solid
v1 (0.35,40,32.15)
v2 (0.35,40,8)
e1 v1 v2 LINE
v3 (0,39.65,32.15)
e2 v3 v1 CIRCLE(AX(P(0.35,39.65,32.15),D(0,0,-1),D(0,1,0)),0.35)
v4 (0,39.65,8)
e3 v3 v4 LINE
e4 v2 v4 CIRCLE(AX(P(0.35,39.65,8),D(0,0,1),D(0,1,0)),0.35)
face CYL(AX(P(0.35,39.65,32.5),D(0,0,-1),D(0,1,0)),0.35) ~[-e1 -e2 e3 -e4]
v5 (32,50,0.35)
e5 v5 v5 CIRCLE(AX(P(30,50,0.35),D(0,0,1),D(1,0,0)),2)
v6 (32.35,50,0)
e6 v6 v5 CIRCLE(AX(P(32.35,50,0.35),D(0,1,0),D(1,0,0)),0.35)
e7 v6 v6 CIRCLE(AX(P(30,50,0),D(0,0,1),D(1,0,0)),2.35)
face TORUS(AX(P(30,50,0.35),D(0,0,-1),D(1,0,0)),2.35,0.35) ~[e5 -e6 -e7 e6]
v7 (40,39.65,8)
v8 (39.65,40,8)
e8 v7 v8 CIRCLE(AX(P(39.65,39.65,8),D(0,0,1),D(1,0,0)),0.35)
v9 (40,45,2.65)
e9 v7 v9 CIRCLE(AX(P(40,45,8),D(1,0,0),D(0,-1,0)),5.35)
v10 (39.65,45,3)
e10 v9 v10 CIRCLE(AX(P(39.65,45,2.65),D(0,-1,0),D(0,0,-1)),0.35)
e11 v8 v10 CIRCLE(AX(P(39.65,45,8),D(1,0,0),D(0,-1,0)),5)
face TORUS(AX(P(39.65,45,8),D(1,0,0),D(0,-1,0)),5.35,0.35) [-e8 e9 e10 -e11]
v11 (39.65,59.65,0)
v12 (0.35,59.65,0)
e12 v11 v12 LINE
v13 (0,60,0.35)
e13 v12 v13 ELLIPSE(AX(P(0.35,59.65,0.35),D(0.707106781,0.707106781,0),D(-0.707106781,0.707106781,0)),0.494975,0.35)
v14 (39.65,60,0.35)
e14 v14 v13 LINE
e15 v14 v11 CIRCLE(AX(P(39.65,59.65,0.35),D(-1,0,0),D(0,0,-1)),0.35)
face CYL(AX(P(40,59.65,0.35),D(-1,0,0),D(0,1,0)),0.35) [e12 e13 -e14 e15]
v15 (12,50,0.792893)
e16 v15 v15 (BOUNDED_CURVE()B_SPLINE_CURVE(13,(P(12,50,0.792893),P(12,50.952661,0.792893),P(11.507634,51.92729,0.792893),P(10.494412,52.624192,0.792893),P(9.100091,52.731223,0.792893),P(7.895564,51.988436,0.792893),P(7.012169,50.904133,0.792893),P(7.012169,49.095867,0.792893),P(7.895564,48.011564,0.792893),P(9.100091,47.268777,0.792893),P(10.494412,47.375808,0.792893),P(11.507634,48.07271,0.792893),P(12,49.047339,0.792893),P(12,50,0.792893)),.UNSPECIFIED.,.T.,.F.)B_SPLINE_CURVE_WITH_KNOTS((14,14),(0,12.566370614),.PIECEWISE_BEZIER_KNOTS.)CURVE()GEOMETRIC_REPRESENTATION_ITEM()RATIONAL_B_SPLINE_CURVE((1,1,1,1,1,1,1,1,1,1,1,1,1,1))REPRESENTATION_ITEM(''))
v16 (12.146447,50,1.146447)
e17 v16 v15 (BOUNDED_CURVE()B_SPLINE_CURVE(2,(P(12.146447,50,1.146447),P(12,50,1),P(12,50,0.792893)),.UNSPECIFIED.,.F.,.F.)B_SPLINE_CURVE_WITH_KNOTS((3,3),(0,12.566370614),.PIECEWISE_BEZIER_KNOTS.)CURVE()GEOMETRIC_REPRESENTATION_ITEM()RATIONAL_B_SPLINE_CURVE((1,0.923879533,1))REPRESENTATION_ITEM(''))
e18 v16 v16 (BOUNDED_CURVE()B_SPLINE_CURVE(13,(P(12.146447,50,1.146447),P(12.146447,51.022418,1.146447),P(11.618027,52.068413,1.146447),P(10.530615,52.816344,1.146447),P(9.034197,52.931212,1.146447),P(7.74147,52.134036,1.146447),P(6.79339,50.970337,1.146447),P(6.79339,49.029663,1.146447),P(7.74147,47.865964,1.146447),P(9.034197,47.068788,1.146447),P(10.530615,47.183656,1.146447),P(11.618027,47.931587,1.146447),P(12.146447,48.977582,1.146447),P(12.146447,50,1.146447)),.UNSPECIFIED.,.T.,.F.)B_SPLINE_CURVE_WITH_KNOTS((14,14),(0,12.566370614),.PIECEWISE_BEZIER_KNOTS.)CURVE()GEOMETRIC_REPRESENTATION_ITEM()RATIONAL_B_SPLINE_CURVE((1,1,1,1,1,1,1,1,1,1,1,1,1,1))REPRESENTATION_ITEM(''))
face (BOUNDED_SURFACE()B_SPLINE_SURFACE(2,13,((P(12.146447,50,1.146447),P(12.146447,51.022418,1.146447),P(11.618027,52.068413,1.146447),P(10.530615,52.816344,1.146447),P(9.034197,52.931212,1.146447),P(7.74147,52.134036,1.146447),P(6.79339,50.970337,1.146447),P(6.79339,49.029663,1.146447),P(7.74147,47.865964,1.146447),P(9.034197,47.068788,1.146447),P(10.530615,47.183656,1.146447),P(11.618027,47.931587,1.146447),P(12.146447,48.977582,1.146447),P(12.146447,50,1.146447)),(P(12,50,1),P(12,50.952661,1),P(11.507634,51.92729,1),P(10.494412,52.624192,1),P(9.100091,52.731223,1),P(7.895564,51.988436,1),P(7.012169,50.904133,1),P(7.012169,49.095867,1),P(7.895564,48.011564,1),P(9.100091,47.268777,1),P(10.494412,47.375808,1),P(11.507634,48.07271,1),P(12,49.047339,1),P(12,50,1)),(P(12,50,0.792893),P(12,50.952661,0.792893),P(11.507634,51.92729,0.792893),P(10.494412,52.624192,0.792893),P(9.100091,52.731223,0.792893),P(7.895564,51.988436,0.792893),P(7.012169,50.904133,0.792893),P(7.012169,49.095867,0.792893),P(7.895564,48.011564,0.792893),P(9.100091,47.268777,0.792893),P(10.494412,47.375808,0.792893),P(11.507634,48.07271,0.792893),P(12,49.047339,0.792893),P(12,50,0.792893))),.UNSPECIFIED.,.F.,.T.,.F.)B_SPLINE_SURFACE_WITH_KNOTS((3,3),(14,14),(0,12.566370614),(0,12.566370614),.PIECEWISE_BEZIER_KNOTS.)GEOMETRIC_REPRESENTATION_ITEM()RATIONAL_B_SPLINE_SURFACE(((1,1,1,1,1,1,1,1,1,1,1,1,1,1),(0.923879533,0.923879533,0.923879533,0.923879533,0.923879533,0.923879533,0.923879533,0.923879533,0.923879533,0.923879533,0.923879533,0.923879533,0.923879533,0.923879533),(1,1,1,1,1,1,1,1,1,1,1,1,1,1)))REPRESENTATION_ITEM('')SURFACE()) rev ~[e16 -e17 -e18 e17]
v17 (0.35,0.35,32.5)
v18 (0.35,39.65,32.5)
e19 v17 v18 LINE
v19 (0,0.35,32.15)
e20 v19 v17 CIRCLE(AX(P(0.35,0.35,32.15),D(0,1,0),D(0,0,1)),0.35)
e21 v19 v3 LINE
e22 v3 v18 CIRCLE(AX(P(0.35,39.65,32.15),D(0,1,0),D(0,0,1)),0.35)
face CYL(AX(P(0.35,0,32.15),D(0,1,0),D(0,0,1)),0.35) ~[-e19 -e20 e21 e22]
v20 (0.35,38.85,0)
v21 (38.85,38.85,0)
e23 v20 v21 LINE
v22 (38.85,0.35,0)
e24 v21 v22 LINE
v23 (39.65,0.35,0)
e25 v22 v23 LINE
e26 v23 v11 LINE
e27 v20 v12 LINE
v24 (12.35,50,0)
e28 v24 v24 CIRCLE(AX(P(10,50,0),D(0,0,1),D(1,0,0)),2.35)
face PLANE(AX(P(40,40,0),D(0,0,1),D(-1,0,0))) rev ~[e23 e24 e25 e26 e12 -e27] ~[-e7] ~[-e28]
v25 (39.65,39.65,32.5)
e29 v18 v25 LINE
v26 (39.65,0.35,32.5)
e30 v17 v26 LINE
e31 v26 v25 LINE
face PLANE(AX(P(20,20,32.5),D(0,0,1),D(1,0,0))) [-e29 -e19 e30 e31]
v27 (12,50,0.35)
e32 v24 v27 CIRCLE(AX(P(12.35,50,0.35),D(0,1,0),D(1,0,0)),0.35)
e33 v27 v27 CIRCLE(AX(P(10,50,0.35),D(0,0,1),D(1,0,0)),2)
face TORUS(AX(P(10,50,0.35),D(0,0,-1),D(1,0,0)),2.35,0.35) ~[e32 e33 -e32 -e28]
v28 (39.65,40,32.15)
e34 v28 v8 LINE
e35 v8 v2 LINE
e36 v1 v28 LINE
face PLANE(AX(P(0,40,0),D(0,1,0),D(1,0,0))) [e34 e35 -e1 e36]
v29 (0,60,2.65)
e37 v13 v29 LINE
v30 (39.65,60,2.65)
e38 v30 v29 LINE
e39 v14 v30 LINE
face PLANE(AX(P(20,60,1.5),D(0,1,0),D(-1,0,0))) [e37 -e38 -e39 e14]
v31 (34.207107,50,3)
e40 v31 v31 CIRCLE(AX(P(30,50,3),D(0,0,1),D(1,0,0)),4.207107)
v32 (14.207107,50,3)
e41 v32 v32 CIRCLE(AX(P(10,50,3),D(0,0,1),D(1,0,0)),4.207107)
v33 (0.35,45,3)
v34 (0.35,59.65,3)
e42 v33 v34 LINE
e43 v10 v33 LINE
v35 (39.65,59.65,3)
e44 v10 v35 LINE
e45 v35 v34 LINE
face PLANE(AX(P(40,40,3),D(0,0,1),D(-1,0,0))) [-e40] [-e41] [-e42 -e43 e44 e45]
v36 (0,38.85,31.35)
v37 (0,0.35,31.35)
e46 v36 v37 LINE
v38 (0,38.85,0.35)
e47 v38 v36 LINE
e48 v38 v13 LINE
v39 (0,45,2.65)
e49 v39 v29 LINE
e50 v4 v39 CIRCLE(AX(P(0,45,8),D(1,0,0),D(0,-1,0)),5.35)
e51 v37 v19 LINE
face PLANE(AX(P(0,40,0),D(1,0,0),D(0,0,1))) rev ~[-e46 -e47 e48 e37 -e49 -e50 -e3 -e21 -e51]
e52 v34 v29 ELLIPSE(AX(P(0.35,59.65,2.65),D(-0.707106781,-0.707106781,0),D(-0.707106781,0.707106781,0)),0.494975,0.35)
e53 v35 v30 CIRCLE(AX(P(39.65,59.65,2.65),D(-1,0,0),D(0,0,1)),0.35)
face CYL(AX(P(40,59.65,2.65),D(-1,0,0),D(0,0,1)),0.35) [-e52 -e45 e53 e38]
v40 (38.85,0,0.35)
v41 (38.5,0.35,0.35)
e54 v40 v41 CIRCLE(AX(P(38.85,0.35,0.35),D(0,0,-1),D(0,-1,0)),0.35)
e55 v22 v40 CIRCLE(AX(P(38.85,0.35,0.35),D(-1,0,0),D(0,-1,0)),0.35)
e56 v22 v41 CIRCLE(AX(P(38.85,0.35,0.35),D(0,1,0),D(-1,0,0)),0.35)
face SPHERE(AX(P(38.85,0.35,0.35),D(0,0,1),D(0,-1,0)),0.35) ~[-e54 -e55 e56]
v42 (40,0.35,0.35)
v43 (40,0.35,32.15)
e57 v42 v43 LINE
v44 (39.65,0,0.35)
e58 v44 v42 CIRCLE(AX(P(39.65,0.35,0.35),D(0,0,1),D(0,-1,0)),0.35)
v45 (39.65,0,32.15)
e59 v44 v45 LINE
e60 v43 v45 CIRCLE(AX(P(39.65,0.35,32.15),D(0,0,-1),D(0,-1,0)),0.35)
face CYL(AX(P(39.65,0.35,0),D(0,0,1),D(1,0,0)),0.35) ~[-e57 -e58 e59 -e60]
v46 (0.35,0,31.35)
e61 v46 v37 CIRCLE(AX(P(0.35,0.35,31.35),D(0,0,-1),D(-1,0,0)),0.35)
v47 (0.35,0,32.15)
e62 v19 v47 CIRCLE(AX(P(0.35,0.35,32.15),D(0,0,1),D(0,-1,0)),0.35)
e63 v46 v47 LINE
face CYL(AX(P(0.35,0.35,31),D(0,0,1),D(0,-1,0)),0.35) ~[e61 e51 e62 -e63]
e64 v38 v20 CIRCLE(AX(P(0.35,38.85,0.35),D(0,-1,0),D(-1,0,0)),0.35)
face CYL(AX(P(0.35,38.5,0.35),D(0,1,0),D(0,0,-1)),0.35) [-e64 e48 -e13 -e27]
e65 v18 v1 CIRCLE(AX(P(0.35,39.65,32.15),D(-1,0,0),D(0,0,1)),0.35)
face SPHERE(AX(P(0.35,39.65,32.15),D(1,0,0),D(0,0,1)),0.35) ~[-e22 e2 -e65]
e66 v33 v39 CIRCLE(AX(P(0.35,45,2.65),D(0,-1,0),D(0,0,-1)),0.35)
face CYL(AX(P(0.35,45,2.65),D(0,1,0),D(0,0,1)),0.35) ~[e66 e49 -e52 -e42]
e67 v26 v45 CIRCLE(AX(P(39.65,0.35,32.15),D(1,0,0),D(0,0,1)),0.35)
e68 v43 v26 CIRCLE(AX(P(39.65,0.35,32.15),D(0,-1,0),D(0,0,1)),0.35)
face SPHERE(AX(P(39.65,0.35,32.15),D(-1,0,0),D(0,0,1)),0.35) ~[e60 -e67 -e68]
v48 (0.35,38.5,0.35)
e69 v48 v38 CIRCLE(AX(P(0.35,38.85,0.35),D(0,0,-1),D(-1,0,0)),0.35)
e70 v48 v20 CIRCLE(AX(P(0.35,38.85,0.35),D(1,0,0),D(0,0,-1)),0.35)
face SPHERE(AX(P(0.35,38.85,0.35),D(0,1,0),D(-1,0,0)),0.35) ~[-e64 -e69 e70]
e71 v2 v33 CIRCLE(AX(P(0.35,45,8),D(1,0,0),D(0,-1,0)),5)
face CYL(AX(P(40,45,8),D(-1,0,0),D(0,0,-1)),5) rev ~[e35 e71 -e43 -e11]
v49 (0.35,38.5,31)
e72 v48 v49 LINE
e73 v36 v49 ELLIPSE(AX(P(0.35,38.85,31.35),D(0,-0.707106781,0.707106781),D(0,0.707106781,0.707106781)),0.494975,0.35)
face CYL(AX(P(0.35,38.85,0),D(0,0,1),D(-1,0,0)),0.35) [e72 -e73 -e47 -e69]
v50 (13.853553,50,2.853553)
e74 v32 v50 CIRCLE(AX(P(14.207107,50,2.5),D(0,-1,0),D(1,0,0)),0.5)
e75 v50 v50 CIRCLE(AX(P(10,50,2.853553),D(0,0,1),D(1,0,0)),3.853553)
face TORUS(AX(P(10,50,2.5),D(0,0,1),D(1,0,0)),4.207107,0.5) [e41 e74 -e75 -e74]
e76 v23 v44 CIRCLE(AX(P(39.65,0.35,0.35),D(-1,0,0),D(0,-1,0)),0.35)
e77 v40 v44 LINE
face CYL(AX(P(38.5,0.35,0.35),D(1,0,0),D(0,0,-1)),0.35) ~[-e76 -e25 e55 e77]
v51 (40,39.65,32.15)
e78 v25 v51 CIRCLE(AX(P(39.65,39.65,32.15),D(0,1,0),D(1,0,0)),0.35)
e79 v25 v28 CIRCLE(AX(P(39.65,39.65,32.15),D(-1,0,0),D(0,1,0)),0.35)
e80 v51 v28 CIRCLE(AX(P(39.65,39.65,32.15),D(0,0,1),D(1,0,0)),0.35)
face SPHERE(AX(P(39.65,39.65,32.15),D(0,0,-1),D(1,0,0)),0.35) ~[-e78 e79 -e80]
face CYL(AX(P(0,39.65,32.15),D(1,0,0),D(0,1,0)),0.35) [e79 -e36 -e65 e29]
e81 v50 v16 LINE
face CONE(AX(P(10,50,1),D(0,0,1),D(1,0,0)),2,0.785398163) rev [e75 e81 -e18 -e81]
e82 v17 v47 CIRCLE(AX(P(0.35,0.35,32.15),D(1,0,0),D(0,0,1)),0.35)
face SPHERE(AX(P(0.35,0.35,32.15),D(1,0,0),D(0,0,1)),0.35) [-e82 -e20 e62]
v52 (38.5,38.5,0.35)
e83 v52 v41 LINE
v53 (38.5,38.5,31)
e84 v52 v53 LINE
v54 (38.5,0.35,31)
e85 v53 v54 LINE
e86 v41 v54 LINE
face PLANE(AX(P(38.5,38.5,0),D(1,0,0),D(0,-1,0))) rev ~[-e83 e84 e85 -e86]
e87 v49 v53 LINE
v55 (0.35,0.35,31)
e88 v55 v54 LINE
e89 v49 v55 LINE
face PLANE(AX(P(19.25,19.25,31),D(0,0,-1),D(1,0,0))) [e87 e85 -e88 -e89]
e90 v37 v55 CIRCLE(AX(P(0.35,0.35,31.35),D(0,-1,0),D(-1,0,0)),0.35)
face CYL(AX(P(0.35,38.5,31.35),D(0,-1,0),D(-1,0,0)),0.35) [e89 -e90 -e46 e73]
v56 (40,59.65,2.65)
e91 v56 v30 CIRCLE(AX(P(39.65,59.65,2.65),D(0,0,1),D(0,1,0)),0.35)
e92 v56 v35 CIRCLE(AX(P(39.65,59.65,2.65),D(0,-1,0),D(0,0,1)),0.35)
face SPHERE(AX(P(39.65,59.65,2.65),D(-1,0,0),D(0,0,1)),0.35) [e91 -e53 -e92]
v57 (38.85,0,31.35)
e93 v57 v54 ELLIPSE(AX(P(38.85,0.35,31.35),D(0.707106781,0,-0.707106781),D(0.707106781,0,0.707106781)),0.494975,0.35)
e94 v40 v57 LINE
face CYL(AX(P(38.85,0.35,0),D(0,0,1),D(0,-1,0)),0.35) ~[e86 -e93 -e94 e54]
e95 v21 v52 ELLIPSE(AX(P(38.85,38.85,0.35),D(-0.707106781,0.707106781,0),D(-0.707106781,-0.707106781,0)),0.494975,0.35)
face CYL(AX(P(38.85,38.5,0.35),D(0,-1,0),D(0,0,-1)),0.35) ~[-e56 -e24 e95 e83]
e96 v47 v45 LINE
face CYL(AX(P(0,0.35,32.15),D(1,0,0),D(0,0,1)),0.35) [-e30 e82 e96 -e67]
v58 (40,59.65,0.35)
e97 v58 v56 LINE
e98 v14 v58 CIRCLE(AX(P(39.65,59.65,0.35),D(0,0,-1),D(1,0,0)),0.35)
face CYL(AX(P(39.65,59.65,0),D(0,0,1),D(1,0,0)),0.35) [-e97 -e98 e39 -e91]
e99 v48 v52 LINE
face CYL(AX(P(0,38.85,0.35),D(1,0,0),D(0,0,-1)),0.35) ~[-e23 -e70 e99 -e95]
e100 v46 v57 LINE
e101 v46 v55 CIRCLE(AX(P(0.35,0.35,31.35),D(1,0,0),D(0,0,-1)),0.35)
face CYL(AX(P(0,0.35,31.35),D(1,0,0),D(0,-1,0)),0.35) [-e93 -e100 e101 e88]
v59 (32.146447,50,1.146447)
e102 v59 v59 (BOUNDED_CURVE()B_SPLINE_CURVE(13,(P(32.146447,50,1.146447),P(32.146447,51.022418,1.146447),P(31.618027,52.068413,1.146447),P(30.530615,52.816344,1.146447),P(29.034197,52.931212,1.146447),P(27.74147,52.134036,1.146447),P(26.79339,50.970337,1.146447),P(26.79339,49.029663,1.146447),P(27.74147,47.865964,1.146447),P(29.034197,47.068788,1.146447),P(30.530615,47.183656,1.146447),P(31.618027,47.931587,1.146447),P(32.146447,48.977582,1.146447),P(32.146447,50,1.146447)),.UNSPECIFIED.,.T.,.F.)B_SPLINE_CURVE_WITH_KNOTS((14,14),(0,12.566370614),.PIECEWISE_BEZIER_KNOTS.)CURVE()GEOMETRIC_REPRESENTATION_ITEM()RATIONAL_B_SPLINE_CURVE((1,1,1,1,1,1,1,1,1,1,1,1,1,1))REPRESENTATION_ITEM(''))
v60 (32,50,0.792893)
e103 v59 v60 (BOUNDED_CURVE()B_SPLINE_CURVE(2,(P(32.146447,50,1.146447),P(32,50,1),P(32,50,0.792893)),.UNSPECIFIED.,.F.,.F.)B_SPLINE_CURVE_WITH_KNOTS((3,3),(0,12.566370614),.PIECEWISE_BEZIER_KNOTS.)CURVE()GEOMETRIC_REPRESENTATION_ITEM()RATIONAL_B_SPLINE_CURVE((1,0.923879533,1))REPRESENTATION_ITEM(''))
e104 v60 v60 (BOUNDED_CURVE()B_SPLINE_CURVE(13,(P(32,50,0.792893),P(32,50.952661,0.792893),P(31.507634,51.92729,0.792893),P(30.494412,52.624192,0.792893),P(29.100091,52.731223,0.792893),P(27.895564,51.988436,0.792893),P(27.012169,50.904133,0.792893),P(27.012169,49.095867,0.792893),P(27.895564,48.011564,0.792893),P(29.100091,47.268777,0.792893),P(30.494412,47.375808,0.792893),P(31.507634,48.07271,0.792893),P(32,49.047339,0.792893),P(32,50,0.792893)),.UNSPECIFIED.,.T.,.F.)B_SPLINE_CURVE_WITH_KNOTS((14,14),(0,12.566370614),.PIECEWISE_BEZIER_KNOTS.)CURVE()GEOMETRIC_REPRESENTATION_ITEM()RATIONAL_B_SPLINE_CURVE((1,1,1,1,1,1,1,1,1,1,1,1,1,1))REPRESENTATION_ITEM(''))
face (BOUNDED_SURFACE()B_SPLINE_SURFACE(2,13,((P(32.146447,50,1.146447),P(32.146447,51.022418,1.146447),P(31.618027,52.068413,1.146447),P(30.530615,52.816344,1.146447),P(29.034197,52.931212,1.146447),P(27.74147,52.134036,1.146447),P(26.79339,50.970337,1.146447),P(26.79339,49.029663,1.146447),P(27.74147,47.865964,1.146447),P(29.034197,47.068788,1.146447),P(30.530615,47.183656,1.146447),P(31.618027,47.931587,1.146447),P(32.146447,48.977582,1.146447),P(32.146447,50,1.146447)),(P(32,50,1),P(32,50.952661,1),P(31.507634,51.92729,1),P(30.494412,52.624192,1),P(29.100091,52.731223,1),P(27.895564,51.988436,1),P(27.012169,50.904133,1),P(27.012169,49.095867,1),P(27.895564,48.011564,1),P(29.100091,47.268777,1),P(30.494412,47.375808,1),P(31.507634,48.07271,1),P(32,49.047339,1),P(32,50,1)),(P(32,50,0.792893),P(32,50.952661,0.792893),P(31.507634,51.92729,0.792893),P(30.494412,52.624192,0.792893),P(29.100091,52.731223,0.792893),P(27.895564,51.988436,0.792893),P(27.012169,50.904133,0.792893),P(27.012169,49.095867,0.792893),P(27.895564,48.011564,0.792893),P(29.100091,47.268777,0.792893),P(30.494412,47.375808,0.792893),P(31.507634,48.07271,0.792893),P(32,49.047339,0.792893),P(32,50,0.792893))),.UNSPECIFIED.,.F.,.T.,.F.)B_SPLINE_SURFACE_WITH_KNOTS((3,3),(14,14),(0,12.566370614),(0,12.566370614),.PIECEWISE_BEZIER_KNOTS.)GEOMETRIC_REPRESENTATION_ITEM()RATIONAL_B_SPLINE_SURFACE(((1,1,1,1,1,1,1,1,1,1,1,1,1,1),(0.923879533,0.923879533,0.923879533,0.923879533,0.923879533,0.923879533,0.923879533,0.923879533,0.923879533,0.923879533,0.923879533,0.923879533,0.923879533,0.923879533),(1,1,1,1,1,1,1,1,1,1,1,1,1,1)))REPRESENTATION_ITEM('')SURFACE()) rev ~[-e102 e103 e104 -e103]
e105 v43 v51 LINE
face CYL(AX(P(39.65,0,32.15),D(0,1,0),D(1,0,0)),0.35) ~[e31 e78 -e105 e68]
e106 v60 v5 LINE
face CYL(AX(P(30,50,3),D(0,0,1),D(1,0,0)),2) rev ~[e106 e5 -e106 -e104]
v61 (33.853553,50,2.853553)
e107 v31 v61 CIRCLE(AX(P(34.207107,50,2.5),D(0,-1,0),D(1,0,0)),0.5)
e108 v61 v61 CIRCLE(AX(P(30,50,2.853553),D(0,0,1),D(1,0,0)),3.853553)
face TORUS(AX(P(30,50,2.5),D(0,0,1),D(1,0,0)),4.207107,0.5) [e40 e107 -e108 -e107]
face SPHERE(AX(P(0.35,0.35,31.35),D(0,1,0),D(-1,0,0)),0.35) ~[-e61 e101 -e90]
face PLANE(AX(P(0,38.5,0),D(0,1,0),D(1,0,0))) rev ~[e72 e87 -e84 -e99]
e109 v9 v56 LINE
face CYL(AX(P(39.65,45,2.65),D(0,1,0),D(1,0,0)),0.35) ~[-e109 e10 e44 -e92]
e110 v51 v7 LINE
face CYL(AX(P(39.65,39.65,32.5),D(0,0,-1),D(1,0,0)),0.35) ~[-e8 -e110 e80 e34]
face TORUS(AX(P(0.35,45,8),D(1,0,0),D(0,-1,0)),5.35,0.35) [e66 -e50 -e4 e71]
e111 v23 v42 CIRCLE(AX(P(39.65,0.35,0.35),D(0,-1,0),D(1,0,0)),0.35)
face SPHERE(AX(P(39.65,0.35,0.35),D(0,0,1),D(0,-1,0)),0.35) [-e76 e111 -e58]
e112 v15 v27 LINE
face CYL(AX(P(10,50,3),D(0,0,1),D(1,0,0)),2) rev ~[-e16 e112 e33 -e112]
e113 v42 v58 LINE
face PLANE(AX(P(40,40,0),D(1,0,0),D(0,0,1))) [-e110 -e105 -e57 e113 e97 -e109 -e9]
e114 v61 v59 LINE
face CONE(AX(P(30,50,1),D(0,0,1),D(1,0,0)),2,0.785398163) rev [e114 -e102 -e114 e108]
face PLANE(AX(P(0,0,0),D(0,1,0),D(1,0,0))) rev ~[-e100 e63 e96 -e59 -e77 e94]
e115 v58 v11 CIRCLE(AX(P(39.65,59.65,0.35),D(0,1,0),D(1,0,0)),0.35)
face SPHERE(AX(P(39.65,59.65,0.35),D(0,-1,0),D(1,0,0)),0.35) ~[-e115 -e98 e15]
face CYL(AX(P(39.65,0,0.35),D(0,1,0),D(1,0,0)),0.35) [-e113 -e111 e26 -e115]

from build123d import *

# Parameters (mm, degrees)
SKETCH_W        = 40
SKETCH_H        = 40
PAD_DEPTH       = 32.5
SKETCH001_W     = 38.5
SKETCH001_H     = 38.5
POCKET_DEPTH    = 31
SKETCH002_W     = 40
SKETCH002_H     = 3
PAD001_DEPTH    = 20
SKETCH003_R     = 2
POCKET001_DEPTH = 5
FILLET_R        = 5
FILLET001_R     = 0.35
CHAMFER_SIZE    = 2
FILLET002_R     = 0.5


with BuildPart() as part:
    # Sketch → Pad (new body)
    with BuildSketch(Plane.XY):
        with Locations((20, 20)):
            Rectangle(SKETCH_W, SKETCH_H)
    extrude(amount=PAD_DEPTH)

    # Sketch001 (on Face5 of Pad) → Pocket (cut)
    with BuildSketch(Plane(origin=(0, 0, 0), x_dir=(1, 0, 0), z_dir=(0, 0, -1))):
        with Locations((19.25, -19.25)):
            Rectangle(SKETCH001_W, SKETCH001_H)
    extrude(amount=-POCKET_DEPTH, mode=Mode.SUBTRACT)

    # Sketch002 (on Face9 of Pocket) → Pad001 (join)
    with BuildSketch(Plane(origin=(0, 40, 0), x_dir=(-1, 0, 0), z_dir=(0, 1, 0))):
        with Locations((-20, 1.5)):
            Rectangle(SKETCH002_W, SKETCH002_H)
    extrude(amount=PAD001_DEPTH)

    # Sketch003 (on Face14 of Pad001) → Pocket001 (cut)
    with BuildSketch(Plane.XY.offset(3)):
        with Locations((10, 50)):
            Circle(SKETCH003_R)
        with Locations((30, 50)):
            Circle(SKETCH003_R)
    extrude(amount=-POCKET001_DEPTH, mode=Mode.SUBTRACT)

    # Fillet
    fillet_edges = [part.edges().sort_by_distance(p)[0] for p in [
        (20, 40, 3),
    ]]
    fillet(fillet_edges, radius=FILLET_R)

    # Fillet001
    fillet001_edges = [part.edges().sort_by_distance(p)[0] for p in [
        (20, 60, 3),
        (40, 52.5, 3),
        (20, 0, 32.5),
        (40, 20, 32.5),
        (20, 40, 32.5),
        (0, 20, 32.5),
        (0, 52.5, 3),
        (0, 50, 0),
        (0, 38.5, 15.5),
        (0, 19.25, 31),
        (0, 0, 31.75),
        (19.25, 0, 31),
        (38.5, 0, 15.5),
        (40, 0, 16.25),
        (39.25, 0, 0),
        (38.5, 19.25, 0),
        (40, 20, 0),
        (40, 60, 1.5),
        (20, 60, 0),
        (19.25, 38.5, 0),
        (28, 50, 0),
        (8, 50, 0),
    ]]
    fillet(fillet001_edges, radius=FILLET001_R)

    # Chamfer
    chamfer_edges = [part.edges().sort_by_distance(p)[0] for p in [
        (28, 50, 3),
        (8, 50, 3),
    ]]
    chamfer(chamfer_edges, length=CHAMFER_SIZE)

    # Fillet002
    fillet002_edges = [part.edges().sort_by_distance(p)[0] for p in [
        (26, 50, 3),
        (6, 50, 3),
        (8, 50, 1),
        (28, 50, 1),
    ]]
    fillet(fillet002_edges, radius=FILLET002_R)


solid = part.part
